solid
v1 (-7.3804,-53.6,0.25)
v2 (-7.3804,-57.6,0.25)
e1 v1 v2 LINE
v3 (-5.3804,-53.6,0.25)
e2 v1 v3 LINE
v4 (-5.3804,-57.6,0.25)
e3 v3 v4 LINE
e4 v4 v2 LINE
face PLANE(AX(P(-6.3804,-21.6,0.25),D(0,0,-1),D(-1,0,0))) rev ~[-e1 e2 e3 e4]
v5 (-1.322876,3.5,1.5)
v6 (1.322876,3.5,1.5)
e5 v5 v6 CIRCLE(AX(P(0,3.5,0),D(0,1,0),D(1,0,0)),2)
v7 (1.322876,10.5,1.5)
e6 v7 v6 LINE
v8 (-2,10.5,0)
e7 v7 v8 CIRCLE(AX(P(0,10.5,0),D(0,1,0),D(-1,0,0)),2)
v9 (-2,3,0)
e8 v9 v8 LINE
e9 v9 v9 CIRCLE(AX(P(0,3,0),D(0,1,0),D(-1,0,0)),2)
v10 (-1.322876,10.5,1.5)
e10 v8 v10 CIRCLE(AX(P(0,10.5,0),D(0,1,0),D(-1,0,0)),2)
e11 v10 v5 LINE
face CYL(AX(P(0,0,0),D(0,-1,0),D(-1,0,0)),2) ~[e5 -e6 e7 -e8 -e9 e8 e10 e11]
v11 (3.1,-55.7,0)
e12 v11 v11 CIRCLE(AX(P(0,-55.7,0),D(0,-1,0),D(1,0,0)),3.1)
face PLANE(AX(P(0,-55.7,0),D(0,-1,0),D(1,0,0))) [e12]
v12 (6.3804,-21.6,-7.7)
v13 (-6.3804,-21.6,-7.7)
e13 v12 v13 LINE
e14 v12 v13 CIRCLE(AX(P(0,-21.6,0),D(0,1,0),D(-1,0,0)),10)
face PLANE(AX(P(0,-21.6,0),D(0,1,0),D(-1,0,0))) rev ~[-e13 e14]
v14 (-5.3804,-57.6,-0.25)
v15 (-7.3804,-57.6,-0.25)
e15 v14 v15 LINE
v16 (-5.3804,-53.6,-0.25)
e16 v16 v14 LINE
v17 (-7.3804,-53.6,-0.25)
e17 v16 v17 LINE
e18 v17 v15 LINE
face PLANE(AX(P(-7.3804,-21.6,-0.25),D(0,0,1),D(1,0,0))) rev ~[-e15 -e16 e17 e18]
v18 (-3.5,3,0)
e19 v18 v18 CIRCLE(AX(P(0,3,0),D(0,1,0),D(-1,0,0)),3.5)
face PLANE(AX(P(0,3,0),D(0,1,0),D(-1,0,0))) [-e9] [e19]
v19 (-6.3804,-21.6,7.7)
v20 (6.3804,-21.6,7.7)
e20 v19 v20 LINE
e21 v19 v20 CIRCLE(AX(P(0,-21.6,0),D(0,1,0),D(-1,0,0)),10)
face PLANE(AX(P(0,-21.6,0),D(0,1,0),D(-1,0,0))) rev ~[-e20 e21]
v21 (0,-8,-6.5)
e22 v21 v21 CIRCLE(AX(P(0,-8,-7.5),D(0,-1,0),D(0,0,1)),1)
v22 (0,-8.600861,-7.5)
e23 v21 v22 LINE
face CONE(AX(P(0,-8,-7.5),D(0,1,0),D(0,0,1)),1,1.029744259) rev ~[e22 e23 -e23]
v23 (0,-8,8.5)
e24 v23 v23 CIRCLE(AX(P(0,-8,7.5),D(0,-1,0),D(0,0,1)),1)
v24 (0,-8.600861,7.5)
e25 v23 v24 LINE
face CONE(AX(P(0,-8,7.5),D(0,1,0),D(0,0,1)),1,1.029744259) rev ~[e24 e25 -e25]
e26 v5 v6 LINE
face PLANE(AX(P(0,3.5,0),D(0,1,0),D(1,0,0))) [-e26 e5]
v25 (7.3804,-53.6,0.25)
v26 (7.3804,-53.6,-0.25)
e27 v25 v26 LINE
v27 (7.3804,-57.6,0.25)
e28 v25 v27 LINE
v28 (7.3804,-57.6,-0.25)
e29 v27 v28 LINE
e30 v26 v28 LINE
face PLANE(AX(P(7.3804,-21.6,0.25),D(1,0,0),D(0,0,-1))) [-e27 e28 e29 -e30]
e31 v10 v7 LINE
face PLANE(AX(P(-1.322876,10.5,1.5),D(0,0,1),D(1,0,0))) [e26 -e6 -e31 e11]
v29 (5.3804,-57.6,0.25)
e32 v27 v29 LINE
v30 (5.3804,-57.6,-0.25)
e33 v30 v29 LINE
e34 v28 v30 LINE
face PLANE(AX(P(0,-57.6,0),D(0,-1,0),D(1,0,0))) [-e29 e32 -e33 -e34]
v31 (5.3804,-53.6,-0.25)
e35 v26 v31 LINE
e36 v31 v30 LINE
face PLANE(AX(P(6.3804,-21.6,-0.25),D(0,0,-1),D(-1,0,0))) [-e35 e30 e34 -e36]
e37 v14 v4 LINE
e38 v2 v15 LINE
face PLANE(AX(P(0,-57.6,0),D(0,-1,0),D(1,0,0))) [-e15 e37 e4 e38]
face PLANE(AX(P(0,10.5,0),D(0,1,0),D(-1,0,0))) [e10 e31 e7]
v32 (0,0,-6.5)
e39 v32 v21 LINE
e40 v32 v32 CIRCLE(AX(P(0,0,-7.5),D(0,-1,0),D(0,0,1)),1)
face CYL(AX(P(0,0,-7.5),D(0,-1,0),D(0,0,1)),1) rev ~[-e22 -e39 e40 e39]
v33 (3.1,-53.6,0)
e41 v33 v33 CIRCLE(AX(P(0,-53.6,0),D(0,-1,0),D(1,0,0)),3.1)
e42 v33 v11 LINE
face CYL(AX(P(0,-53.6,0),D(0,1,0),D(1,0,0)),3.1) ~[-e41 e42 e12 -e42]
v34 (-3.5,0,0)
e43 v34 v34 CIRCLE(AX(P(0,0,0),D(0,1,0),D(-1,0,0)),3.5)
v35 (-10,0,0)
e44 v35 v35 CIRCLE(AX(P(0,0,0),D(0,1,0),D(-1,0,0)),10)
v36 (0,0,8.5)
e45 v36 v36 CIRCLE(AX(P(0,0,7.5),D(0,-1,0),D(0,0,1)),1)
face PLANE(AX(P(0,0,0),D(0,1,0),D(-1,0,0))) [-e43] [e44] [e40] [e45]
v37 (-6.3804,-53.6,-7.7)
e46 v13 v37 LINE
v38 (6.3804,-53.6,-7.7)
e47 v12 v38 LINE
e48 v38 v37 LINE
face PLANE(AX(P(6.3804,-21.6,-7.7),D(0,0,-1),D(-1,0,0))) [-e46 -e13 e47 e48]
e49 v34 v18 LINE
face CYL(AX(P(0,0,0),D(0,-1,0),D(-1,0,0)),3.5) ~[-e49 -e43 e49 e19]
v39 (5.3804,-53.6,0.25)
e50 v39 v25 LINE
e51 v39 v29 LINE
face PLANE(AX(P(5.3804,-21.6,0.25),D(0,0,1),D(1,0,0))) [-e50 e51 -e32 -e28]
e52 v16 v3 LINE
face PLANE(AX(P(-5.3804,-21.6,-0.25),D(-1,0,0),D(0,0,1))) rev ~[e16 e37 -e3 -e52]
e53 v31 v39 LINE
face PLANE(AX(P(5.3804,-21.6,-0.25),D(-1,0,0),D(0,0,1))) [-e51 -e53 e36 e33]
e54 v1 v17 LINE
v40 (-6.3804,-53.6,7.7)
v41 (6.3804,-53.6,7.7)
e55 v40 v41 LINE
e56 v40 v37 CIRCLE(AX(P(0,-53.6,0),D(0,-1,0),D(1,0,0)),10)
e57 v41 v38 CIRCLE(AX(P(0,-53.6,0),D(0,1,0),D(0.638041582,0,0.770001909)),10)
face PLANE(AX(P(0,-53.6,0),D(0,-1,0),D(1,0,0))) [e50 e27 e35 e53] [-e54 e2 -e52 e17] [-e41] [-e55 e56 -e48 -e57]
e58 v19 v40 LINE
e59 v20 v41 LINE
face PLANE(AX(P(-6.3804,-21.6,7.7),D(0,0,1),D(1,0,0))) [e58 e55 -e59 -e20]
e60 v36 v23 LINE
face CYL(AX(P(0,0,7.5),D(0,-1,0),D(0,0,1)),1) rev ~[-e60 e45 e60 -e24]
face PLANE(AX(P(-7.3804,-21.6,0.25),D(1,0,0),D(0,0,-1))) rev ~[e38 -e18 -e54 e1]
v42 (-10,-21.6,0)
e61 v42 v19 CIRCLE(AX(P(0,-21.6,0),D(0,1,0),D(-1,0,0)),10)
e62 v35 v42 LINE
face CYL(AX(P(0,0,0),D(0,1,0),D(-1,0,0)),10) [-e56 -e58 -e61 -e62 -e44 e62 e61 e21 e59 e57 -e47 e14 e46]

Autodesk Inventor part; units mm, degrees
ref_plane "YZ Plane" through (0, 0, 0) normal (1, 0, 0) x (0, 1, 0)
ref_plane "XZ Plane" through (0, 0, 0) normal (0, 1, 0) x (-1, 0, 0)
ref_plane "XY Plane" through (0, 0, 0) normal (0, 0, 1) x (1, 0, 0)
sketch "Эскиз1" plane through (0, 0, 0) normal (0, 1, 0) x (-1, 0, 0)
  circle A0 centre (0, 0) radius 10
  circle A1 centre (0, 0) radius 3.5
  circle A2 centre (0, 0) radius 2
  dimension "d0" = 20
  dimension "d1" = 7
  dimension "d2" = 4
extrude "Выдавливание1" add sketch "Эскиз1" against normal blind 21.6 contours A0 | A1 | A2
extrude "Выдавливание2" add sketch "Эскиз1" along normal blind 3 contours A1
extrude "Выдавливание3" add sketch "Эскиз1" along normal blind 10.5 contours A2
sketch "Эскиз2" plane through (0, 10.5, 0) normal (0, 1, 0) x (1, 0, 0)
  circle A0 centre (0, 0) radius 2 projected
  circle A1 centre (0, 0) radius 2 projected
  circle A2 centre (0, 0) radius 3.5 projected
  line L0 (-3.1623, -1.5) -> (3.1623, -1.5)
  point P0 (0, 2)
  point P1 (0, 3.5)
  point P2 (1.3229, -1.5)
  point P3 (-1.3229, -1.5)
  dimension "d9" = 1.5
extrude "Выдавливание4" cut sketch "Эскиз2" against normal blind 7 contours L0 A0 picked at (0.3089, -1.5908)
sketch "Эскиз3" plane through (0, -21.6, 0) normal (0, -1, 0) x (1, 0, 0)
  line L0 (6.3804, -7.7) -> (-6.3804, -7.7)
  line L1 (-6.3804, -7.7) -> (-6.3804, 7.7)
  line L2 (-6.3804, 7.7) -> (6.3804, 7.7)
  line L3 (6.3804, 7.7) -> (6.3804, -7.7)
  circle A0 centre (0, 0) radius 10 projected
  arc A1 (6.3804, -7.7) -> (6.3804, 7.7) centre (0, 0) ccw
  arc A2 (-6.3804, 7.7) -> (-6.3804, -7.7) centre (0, 0) ccw
  line L4 (5.3804, 0.25) -> (7.3804, 0.25)
  line L5 (7.3804, 0.25) -> (7.3804, -0.25)
  line L6 (7.3804, -0.25) -> (5.3804, -0.25)
  line L7 (5.3804, -0.25) -> (5.3804, 0.25)
  line L8 (5.3804, 0.25) -> (7.3804, -0.25) construction
  line L9 (0, -7.7) -> (0, 7.7) construction
  line L10 (-5.3804, 0.25) -> (-7.3804, 0.25)
  line L11 (-7.3804, 0.25) -> (-7.3804, -0.25)
  line L12 (-7.3804, -0.25) -> (-5.3804, -0.25)
  line L13 (-5.3804, -0.25) -> (-5.3804, 0.25)
  point P0 (6.3804, 0)
  point P1 (-6.3804, -7.7)
  dimension "d12" = 15.4
  dimension "d13" = 2
  dimension "d14" = 0.5
extrude "Выдавливание5" add sketch "Эскиз3" along normal blind 36 contours L6 L7 L4 L3 | L3 L4 L5 L6 | L12 L11 L10 L1 | L1 L10 L13 L12
extrude "Выдавливание6" add sketch "Эскиз3" along normal blind 32 contours L0 L1 L12 L13 L10 L2 L3 L4 L7 L6 | L3 L6 L5 L4 A0 | A0 L1 L10 L11 L12
sketch "Эскиз4" plane through (0, -53.6, 0) normal (0, -1, 0) x (1, 0, 0)
  circle A0 centre (0, 0) radius 2 projected
  circle A1 centre (0, 0) radius 3.1
  dimension "d19" = 6.2
extrude "Выдавливание7" add sketch "Эскиз4" along normal blind 2.1 contours A0 | A1
sketch "Эскиз5" plane through (0, 0, 0) normal (0, 1, 0) x (1, 0, 0)
  circle A0 centre (0, 0) radius 10 construction
  line L0 (0, 10) -> (0, -10) construction
  circle A1 centre (0, 7.5) radius 1
  circle A2 centre (0, -7.5) radius 1
  dimension "d22" = 7.5
  dimension "d23" = 15
  dimension "d24" = 2
hole "Отверстие1" at (0, 0, 7.5) direction (0, -1, 0) diameter 2 depth 8 tip angle 118
hole "Отверстие2" at (0, 0, -7.5) direction (0, -1, 0) diameter 2 depth 8 tip angle 118
properties part number "motor20" material "Сталь"
